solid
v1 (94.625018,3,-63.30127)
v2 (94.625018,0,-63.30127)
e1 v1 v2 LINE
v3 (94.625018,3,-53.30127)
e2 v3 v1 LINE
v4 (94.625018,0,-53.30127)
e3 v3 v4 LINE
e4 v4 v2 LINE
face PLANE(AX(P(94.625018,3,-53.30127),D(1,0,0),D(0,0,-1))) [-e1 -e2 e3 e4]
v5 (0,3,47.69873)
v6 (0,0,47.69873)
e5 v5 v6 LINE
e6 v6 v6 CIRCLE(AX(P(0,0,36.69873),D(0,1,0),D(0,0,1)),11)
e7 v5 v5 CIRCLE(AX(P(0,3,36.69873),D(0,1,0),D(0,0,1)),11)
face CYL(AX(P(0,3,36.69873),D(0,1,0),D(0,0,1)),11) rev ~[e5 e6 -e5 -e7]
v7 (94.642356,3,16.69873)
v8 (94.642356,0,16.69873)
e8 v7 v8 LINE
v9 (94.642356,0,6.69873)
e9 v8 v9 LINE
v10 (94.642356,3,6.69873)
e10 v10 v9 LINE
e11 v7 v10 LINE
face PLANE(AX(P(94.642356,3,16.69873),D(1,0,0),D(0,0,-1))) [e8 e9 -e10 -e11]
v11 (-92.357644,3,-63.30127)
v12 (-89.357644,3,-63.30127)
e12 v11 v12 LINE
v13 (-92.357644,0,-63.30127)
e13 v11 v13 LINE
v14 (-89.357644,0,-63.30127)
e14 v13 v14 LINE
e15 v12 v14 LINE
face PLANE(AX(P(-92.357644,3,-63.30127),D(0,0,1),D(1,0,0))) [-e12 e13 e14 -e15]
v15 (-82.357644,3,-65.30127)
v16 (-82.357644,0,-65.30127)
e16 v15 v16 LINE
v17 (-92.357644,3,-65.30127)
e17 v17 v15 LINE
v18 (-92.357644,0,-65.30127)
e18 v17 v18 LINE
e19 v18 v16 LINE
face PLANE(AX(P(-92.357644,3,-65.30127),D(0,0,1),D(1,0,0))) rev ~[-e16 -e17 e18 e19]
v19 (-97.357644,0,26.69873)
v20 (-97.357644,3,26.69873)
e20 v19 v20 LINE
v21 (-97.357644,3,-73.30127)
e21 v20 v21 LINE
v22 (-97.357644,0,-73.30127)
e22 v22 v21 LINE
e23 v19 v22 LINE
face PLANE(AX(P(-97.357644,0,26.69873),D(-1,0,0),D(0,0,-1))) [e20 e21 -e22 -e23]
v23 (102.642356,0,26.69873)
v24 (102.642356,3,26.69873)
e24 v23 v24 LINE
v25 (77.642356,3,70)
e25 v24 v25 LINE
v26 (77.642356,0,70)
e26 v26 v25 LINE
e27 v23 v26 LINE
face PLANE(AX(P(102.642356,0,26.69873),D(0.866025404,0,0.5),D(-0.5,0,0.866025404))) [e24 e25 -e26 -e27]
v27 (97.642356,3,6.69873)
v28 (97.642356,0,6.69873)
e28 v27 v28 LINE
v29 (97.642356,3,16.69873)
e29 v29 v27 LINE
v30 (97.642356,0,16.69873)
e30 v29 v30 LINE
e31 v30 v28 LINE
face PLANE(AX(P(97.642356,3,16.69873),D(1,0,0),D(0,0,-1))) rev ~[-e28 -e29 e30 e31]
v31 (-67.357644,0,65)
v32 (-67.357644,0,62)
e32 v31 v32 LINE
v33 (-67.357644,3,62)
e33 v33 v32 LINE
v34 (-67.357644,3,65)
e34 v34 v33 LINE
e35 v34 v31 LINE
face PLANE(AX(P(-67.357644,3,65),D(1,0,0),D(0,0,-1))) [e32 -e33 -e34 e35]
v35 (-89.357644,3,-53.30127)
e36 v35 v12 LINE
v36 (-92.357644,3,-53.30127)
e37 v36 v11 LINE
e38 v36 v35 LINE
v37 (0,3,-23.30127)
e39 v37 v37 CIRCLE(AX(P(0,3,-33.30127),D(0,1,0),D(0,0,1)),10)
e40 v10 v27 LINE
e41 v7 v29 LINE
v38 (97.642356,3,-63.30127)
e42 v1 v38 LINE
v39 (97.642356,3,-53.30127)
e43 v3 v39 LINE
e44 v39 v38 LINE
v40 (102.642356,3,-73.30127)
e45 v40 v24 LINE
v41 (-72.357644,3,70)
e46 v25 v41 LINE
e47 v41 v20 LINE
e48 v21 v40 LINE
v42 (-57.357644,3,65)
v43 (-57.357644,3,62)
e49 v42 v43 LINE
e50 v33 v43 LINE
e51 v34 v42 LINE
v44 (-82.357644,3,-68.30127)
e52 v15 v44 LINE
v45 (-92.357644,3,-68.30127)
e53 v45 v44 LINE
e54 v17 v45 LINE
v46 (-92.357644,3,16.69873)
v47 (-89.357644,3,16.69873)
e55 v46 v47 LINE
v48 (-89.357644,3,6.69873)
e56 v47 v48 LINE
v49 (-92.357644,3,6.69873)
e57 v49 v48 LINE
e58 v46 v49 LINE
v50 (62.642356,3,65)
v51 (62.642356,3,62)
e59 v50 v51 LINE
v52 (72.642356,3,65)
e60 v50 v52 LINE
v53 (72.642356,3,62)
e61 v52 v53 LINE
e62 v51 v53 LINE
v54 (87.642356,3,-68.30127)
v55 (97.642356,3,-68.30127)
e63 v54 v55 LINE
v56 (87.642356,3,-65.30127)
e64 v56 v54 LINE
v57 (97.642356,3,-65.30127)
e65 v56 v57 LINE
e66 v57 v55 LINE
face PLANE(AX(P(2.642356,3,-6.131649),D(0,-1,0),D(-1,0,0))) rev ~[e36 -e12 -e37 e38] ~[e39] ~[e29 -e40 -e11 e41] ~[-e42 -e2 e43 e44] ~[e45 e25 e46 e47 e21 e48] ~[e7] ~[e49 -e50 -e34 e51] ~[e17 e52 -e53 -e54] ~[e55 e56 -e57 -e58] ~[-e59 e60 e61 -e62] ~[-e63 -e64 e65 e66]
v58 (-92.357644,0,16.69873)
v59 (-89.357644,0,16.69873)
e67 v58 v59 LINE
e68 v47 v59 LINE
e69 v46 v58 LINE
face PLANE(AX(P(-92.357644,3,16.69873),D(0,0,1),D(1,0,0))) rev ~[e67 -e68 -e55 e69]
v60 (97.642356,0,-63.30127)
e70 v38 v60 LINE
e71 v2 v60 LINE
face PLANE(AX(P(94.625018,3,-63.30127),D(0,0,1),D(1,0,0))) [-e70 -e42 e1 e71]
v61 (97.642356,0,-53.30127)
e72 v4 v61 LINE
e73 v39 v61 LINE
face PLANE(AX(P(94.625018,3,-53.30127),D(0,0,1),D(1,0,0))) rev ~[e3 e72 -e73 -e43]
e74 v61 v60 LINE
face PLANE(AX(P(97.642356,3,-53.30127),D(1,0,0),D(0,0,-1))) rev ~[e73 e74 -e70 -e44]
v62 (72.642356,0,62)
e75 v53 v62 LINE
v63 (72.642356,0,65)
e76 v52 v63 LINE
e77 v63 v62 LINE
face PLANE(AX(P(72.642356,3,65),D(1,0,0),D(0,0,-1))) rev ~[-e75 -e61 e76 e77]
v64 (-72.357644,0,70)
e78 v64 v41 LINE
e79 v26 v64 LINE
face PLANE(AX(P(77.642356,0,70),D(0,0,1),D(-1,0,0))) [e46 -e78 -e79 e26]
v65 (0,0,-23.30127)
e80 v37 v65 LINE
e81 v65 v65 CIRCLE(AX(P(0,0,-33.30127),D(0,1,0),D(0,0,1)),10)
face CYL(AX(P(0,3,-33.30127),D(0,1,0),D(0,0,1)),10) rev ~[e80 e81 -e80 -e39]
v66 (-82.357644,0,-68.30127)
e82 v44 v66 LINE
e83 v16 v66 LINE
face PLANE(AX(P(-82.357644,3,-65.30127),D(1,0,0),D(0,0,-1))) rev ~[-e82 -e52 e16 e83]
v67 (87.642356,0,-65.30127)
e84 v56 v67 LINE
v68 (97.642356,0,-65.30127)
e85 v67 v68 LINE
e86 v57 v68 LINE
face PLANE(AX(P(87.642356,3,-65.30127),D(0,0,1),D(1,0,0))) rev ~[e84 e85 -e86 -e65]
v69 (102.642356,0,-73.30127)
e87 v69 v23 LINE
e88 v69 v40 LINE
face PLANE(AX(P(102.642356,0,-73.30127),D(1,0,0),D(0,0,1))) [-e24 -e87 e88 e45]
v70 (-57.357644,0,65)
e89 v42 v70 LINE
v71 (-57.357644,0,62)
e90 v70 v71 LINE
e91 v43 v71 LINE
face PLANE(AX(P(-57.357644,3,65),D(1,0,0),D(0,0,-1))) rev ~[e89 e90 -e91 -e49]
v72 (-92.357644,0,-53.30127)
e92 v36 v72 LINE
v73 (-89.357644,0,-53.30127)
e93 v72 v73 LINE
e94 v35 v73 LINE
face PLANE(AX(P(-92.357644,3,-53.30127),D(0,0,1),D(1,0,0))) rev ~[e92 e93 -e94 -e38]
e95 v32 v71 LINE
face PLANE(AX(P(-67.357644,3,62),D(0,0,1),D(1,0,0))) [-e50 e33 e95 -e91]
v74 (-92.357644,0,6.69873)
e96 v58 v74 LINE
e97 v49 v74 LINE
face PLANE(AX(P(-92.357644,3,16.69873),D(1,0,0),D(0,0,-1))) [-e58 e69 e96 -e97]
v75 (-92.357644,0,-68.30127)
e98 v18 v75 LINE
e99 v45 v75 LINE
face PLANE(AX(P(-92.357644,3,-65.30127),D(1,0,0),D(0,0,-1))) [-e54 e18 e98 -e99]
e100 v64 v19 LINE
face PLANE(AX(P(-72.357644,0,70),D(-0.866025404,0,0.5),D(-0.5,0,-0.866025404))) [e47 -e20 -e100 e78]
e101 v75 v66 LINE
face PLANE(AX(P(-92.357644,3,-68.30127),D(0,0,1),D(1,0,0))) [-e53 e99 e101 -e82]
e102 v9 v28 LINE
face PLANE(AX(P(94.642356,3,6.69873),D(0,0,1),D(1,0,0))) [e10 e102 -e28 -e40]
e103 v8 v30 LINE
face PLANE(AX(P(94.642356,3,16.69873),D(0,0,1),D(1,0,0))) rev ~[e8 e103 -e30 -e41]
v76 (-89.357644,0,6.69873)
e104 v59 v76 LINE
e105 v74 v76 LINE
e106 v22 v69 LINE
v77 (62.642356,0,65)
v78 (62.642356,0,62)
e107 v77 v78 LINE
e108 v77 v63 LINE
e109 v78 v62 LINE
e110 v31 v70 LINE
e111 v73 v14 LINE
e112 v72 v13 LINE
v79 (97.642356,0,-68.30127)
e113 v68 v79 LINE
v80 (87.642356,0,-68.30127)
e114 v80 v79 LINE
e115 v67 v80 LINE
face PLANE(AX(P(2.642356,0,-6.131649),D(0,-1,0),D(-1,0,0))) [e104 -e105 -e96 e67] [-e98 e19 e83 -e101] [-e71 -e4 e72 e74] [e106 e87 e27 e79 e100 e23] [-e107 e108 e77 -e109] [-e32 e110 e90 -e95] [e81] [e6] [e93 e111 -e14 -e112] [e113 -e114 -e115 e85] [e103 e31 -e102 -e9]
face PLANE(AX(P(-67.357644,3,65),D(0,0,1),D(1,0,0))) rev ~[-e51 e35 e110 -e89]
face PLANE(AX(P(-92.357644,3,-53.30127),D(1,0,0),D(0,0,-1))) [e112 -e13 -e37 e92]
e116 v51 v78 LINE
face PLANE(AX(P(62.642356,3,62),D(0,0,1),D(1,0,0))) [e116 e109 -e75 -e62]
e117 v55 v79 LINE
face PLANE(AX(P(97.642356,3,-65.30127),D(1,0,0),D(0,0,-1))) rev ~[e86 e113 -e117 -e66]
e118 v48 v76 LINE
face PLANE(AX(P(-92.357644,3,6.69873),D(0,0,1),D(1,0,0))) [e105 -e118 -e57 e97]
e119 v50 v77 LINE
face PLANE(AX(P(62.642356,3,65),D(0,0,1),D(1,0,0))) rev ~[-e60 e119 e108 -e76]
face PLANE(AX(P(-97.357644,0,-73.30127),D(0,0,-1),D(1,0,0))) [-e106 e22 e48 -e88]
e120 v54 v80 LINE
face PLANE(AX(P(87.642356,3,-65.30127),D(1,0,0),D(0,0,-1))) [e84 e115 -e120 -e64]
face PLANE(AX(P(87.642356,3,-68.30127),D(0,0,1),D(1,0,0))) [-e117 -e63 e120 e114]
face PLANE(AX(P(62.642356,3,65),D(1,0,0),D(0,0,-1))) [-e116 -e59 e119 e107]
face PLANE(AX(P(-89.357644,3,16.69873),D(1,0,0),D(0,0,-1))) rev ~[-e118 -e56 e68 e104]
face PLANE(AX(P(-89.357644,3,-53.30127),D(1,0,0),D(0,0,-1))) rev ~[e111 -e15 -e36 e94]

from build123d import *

# Parameters (mm, degrees)
RESSALTO_EXTRUS_O1_DEPTH = 3
ESBO_O3_W                = 10
ESBO_O3_H                = 3
ESBO_O3_W_2              = 3
ESBO_O3_H_2              = 10
ESBO_O3_W_3              = 3.017337907
CORTE_EXTRUS_O1_DEPTH    = 3
ESBO_O5_R                = 10
ESBO_O5_R_2              = 11
CORTE_EXTRUS_O2_DEPTH    = 10


with BuildPart() as part:
    # Esboço1 → Ressalto-extrusão1 (new body)
    with BuildSketch(Plane(origin=(0, 0, 0), x_dir=(1, 0, 0), z_dir=(0, 1, 0))):
        Polygon((-97.357643635, -26.698729811), (-97.357643635, 73.301270189), (102.642356365, 73.301270189), (102.642356365, -26.698729811), (77.642356365, -70), (-72.357643635, -70), align=None)
    extrude(amount=RESSALTO_EXTRUS_O1_DEPTH)

    # Esboço3 → Corte-extrusão1 (cut)
    with BuildSketch(Plane(origin=(0, 3, 0), x_dir=(1, 0, 0), z_dir=(0, 1, 0))):
        with Locations((-62.357643635, -63.5)):
            Rectangle(ESBO_O3_W, ESBO_O3_H)
        with Locations((67.642356365, -63.5)):
            Rectangle(ESBO_O3_W, ESBO_O3_H)
        with Locations((96.142356365, -11.698729811)):
            Rectangle(ESBO_O3_W_2, ESBO_O3_H_2)
        with Locations((96.133687412, 58.301270189)):
            Rectangle(ESBO_O3_W_3, ESBO_O3_H_2)
        with Locations((92.642356365, 66.801270189)):
            Rectangle(ESBO_O3_W, ESBO_O3_H)
        with Locations((-90.857643635, -11.698729811)):
            Rectangle(ESBO_O3_W_2, ESBO_O3_H_2)
        with Locations((-90.857643635, 58.301270189)):
            Rectangle(ESBO_O3_W_2, ESBO_O3_H_2)
        with Locations((-87.357643635, 66.801270189)):
            Rectangle(ESBO_O3_W, ESBO_O3_H)
    extrude(amount=-CORTE_EXTRUS_O1_DEPTH, mode=Mode.SUBTRACT)

    # Esboço5 → Corte-extrusão2 (cut)
    with BuildSketch(Plane(origin=(0, 3, 0), x_dir=(1, 0, 0), z_dir=(0, 1, 0))):
        with Locations(Location((0, 33.301270189, 0), (0, 0, 270))):
            Circle(ESBO_O5_R)
        with Locations(Location((0, -36.698729811, 0), (0, 0, 270))):
            Circle(ESBO_O5_R_2)
    extrude(amount=-CORTE_EXTRUS_O2_DEPTH, mode=Mode.SUBTRACT)


solid = part.part
